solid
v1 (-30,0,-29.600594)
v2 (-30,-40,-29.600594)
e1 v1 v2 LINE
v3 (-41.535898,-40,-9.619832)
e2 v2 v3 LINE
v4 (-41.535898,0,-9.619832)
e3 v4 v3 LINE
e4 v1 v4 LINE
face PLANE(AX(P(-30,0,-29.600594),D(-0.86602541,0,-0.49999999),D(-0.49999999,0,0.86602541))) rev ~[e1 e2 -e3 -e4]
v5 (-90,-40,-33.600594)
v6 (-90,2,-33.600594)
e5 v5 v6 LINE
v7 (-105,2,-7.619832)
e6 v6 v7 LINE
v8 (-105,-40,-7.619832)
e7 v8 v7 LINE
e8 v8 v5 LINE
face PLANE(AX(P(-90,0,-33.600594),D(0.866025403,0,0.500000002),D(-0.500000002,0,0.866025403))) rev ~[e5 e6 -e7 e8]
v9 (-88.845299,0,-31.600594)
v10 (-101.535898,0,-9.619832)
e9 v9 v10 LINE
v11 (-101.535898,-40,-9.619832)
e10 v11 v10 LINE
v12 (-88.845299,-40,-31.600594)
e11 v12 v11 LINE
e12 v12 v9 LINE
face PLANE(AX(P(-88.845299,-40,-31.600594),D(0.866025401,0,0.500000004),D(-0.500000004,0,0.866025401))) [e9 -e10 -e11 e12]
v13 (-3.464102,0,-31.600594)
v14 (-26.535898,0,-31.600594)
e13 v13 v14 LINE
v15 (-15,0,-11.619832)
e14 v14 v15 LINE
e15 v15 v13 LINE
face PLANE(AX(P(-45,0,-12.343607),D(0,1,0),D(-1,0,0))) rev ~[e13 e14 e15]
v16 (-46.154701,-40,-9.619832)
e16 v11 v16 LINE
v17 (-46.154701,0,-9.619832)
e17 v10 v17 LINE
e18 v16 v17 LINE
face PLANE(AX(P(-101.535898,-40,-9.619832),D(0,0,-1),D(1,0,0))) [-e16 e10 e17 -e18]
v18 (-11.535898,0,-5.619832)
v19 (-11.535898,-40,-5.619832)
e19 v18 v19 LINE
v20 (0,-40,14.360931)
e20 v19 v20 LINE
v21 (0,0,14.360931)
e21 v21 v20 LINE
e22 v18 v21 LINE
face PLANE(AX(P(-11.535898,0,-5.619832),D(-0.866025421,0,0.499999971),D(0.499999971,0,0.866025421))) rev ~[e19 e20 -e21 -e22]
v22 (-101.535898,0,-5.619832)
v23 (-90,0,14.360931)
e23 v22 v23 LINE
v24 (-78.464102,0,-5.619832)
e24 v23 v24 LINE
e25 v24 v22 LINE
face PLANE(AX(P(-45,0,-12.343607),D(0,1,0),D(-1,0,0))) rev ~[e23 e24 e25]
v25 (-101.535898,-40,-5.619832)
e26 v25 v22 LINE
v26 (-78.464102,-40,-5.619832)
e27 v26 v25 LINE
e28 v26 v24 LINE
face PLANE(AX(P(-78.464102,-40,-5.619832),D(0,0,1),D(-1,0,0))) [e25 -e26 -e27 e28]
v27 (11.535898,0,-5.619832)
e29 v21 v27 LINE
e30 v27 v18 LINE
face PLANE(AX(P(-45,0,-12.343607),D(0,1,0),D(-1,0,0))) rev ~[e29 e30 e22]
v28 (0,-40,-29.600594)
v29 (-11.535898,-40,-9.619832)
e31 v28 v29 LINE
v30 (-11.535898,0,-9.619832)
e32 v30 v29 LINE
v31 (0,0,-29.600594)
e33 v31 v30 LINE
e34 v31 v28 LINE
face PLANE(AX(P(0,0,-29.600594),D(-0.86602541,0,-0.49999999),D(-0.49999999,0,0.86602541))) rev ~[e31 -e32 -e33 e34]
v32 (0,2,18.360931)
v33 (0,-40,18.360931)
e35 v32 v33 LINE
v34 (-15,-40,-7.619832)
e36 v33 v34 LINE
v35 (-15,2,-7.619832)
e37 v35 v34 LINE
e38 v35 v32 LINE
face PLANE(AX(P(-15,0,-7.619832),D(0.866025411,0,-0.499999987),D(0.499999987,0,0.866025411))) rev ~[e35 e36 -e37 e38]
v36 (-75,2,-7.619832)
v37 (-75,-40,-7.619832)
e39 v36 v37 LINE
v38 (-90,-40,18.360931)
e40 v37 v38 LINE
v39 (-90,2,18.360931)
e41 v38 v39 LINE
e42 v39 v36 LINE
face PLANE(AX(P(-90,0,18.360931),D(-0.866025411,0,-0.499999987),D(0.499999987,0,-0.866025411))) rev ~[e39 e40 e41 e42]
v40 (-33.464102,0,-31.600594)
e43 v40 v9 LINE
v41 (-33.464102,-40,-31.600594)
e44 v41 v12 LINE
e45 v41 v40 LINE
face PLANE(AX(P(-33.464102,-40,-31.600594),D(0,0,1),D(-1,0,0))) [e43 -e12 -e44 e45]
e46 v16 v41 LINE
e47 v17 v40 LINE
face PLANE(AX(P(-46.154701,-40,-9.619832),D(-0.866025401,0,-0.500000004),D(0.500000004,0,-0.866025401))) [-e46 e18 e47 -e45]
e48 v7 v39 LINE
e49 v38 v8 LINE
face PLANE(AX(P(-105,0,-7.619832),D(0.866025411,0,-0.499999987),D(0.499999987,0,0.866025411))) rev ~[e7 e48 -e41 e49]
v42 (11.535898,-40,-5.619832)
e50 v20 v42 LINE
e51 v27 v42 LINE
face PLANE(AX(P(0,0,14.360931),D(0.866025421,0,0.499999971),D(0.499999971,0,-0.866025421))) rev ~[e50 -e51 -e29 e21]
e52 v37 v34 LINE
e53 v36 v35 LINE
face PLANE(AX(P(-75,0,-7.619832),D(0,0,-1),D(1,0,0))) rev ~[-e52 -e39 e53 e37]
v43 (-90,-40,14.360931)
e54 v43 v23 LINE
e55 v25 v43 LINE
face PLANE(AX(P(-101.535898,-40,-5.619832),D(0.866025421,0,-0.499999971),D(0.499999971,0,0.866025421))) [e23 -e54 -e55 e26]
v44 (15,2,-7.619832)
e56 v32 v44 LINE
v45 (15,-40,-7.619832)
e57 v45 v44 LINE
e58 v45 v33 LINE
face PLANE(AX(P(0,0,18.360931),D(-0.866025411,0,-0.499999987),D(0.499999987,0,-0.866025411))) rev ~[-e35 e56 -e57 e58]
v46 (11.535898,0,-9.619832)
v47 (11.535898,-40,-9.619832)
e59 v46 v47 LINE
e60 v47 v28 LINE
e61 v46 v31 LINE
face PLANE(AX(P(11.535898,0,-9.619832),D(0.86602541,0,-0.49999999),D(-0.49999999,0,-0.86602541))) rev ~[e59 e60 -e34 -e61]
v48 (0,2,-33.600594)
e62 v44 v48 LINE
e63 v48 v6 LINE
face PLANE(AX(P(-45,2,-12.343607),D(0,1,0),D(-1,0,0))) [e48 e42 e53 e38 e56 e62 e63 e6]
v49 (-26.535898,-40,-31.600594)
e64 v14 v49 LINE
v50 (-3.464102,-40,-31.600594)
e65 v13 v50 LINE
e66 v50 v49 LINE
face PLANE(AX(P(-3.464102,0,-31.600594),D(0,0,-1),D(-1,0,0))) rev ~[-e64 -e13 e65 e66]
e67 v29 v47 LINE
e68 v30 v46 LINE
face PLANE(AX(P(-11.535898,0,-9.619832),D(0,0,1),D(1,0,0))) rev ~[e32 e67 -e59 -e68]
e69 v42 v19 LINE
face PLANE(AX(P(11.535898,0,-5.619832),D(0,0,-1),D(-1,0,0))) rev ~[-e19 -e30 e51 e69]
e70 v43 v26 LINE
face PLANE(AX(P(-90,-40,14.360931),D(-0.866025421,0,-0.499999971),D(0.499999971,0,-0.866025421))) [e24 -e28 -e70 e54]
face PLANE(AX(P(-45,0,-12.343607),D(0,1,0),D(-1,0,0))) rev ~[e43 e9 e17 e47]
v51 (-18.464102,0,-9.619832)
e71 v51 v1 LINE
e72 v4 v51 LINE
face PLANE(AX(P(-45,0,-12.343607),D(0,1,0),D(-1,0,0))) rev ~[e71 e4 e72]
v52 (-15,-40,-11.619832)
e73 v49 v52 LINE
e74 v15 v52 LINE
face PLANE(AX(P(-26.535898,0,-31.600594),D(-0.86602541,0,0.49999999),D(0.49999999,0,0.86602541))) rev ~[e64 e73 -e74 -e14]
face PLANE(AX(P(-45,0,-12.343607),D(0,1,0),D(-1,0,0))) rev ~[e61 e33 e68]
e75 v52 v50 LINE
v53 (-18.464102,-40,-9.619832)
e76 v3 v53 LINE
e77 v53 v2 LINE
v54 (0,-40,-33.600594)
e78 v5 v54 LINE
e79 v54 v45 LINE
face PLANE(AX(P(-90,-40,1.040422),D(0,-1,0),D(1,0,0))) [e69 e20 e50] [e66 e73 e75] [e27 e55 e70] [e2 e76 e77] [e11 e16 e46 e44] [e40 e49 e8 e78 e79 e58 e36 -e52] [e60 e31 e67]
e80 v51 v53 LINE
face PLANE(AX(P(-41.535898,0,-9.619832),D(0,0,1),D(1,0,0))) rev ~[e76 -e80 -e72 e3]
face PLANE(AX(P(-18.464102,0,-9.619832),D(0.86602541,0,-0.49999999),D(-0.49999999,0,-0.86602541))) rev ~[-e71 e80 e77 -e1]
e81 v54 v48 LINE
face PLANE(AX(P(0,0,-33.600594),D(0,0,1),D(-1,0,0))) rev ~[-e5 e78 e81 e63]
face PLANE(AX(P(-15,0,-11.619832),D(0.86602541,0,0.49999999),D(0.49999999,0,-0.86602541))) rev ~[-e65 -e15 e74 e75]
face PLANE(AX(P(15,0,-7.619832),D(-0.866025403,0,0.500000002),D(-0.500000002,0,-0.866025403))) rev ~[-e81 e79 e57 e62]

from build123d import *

# Parameters (mm, degrees)
F1_DEPTH = 40
F3_DEPTH = 40
F5_DEPTH = 40
F7_DEPTH = 2


with BuildPart() as f1:
    # F0 (on Front) → F1 (new body)
    with BuildSketch(Plane.XZ):
        Polygon((-30, -33.600594), (-15, -7.619832), (-45, -7.619832), align=None)
        Polygon((-18.464102, -9.619832), (-30, -29.600594), (-41.535898, -9.619832), align=None, mode=Mode.SUBTRACT)
        Polygon((0, -33.600594), (-15, -7.619832), (-30, -33.600594), align=None)
        Polygon((-3.464102, -31.600594), (-26.535898, -31.600594), (-15, -11.619832), align=None, mode=Mode.SUBTRACT)
        Polygon((0, -33.600594), (15, -7.619832), (-15, -7.619832), align=None)
        Polygon((-11.535898, -9.619832), (11.535898, -9.619832), (0, -29.600594), align=None, mode=Mode.SUBTRACT)
        Polygon((-15, -7.619832), (15, -7.619832), (0, 18.360931), align=None)
        Polygon((-11.535898, -5.619832), (0, 14.360931), (11.535898, -5.619832), align=None, mode=Mode.SUBTRACT)
    extrude(amount=F1_DEPTH)

    # F2 (on face) → F3 (join)
    with BuildSketch(Plane.XZ.offset(40)):
        Polygon((-30, -33.600594), (-45, -7.619832), (-75, -7.619832), (-105, -7.619832), (-90, -33.600594), align=None)
        Polygon((-33.464102, -31.600594), (-88.845299, -31.600594), (-101.535898, -9.619832), (-75, -9.619832), (-46.154701, -9.619832), align=None, mode=Mode.SUBTRACT)
    extrude(amount=-F3_DEPTH)

    # F4 (on face) → F5 (join)
    with BuildSketch(Plane.XZ.offset(40)):
        Polygon((-75, -7.619832), (-90, 18.360931), (-105, -7.619832), align=None)
        Polygon((-101.535898, -5.619832), (-90, 14.360931), (-78.464102, -5.619832), (-90, -5.619832), align=None, mode=Mode.SUBTRACT)
    extrude(amount=-F5_DEPTH)

    # F6 (on face) → F7 (join)
    with BuildSketch(Plane(origin=(0, 0, 0), x_dir=(-1, 0, 0), z_dir=(0, 1, 0))):
        Polygon((0, 18.360931), (-15, -7.619832), (0, -33.600594), (90, -33.600594), (105, -7.619832), (90, 18.360931), (75, -7.619832), (15, -7.619832), align=None)
    extrude(amount=F7_DEPTH)


solid = f1.part
